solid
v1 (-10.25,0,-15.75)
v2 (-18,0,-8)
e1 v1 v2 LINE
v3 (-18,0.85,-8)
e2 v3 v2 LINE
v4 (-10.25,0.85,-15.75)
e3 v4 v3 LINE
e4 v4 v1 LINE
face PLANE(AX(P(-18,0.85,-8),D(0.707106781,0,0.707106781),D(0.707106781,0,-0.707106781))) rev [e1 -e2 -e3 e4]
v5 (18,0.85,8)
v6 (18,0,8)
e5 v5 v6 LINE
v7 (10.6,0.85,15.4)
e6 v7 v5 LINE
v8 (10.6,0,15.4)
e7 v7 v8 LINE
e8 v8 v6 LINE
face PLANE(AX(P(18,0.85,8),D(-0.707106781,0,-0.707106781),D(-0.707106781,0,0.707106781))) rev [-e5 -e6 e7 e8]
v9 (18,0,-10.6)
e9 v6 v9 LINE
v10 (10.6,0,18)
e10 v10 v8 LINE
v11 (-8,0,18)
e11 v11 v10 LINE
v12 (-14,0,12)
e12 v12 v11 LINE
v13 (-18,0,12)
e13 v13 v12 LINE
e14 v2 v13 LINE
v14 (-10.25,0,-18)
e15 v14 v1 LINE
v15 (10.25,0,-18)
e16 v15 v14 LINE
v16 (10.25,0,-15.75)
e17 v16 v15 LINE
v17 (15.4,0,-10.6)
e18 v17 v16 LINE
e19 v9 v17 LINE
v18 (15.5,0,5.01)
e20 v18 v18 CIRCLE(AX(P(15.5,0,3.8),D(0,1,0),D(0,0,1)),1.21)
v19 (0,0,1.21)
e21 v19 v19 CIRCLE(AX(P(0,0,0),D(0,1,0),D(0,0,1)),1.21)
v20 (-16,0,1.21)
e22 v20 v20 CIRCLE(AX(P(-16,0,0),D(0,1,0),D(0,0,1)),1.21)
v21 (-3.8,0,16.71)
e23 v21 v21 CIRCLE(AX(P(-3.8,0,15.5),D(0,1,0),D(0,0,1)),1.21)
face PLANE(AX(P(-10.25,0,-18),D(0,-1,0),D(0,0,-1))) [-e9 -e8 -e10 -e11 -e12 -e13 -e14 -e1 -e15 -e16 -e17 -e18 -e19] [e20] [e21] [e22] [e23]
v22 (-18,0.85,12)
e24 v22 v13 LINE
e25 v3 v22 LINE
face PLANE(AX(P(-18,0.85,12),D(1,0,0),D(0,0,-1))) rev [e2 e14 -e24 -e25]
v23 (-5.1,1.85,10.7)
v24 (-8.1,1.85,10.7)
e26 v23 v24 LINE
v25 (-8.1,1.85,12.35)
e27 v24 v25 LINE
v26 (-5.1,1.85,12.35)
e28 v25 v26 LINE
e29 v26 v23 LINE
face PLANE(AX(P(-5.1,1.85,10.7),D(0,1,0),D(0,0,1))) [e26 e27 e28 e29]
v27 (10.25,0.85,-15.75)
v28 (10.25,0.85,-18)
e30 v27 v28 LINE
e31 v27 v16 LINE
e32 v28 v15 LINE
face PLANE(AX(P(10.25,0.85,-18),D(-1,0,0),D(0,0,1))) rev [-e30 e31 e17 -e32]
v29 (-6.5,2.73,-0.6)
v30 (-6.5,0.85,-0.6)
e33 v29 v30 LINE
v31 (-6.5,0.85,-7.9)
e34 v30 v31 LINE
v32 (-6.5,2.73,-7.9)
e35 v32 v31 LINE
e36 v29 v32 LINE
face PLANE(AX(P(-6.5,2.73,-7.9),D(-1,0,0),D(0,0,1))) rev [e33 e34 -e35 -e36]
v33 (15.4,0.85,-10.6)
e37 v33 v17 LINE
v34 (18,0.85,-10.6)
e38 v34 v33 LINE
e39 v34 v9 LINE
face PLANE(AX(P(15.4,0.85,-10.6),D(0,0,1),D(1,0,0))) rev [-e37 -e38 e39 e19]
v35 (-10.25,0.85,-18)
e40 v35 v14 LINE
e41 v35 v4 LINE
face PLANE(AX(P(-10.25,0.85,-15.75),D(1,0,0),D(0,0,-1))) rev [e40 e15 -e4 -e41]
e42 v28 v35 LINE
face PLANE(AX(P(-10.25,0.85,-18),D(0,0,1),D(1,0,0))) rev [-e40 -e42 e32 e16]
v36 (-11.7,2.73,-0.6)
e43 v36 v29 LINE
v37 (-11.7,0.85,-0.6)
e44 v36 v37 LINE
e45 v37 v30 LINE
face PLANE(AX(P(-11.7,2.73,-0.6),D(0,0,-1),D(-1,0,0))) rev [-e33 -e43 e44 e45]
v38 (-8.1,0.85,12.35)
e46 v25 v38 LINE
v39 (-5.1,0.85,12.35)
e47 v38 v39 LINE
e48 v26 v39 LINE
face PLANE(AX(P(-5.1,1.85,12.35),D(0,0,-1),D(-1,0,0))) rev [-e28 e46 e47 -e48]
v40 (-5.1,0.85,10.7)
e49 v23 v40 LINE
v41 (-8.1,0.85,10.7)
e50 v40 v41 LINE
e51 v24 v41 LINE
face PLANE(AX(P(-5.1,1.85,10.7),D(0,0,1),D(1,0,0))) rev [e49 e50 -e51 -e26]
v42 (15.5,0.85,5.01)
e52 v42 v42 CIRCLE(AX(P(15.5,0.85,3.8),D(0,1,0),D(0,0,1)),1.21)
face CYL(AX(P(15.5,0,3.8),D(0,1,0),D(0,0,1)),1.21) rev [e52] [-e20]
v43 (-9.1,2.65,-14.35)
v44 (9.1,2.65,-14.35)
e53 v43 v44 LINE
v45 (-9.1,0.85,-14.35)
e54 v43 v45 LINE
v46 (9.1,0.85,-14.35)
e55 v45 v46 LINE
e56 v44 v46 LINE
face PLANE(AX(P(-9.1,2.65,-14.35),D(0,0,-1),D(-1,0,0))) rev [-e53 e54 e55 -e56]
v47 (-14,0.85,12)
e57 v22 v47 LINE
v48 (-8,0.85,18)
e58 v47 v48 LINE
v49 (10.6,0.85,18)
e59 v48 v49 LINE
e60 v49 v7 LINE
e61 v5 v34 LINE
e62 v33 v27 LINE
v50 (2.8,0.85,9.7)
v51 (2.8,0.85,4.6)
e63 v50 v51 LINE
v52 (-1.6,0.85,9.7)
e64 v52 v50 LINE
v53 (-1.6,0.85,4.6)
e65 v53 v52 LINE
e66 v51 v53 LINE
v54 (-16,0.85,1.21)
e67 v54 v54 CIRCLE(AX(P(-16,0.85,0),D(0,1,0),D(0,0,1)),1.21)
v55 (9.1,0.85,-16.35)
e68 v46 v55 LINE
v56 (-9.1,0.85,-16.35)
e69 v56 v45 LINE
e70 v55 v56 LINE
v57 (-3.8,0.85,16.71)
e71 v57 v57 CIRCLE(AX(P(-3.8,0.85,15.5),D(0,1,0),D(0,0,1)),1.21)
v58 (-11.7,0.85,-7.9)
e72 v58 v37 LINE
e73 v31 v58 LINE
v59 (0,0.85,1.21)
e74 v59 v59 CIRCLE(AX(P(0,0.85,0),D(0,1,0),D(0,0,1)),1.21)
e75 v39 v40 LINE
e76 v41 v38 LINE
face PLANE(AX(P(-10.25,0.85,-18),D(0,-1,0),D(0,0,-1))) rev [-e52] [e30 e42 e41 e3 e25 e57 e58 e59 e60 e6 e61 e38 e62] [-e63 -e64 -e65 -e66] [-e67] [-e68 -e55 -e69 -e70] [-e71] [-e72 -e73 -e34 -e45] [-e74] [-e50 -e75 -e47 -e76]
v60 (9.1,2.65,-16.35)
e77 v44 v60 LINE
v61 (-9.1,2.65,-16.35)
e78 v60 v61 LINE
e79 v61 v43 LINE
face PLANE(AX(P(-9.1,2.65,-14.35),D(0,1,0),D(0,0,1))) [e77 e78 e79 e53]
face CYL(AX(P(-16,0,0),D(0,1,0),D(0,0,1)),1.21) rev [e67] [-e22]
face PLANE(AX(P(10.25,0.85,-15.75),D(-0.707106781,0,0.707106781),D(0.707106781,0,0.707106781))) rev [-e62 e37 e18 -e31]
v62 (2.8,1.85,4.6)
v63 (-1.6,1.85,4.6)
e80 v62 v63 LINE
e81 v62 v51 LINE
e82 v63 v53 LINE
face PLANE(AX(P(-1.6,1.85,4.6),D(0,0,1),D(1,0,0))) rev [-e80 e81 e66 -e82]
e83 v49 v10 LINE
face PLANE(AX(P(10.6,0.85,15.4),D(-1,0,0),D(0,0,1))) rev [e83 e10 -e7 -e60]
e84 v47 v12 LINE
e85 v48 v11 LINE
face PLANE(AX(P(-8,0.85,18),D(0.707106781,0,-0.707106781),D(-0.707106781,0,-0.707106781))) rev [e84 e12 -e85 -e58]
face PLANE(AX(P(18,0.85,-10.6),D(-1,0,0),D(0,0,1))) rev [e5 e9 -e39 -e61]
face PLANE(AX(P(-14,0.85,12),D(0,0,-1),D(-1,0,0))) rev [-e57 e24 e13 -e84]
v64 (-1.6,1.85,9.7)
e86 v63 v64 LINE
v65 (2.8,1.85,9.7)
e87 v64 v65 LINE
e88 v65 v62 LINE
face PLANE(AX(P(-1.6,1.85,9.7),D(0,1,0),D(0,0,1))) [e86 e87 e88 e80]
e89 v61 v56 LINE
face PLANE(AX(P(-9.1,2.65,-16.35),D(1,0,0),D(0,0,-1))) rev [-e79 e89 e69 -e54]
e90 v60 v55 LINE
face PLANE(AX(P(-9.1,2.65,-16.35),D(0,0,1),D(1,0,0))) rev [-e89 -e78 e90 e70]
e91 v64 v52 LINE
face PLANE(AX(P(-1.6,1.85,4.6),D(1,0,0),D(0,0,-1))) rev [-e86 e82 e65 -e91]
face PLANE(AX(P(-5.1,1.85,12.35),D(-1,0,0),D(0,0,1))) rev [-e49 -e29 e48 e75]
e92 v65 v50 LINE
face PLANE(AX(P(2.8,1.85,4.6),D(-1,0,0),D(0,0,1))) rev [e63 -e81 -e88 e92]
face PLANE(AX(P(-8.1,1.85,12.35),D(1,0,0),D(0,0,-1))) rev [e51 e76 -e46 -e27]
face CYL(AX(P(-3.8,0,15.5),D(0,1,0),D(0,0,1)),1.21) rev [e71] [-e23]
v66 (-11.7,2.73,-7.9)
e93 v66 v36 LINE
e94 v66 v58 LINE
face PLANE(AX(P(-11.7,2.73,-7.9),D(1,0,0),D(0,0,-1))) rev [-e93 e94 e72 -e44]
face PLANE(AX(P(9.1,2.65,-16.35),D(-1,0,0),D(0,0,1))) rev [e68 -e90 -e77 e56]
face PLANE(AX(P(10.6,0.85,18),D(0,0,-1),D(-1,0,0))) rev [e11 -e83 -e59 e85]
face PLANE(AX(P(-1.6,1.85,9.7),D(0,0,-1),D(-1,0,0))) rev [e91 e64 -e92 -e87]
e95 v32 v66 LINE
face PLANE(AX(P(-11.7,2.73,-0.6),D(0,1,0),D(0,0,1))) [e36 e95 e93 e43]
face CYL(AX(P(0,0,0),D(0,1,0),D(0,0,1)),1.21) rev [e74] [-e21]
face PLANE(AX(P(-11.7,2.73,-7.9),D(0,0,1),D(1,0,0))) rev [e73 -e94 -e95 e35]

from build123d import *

# Parameters (mm, degrees)
BOSS_EXTRUDE1_DEPTH = 0.85
SKETCH2_W           = 18.2
SKETCH2_H           = 2
BOSS_EXTRUDE2_DEPTH = 1.8
SKETCH3_W           = 5.2
SKETCH3_H           = 7.3
BOSS_EXTRUDE3_DEPTH = 1.88
SKETCH4_W           = 4.4
SKETCH4_H           = 5.1
SKETCH4_W_2         = 3
SKETCH4_H_2         = 1.65
BOSS_EXTRUDE4_DEPTH = 1
SKETCH5_R           = 1.21
CUT_EXTRUDE1_DEPTH  = 1.85


with BuildPart() as part:
    # Sketch1 → Boss-Extrude1 (new body)
    with BuildSketch(Plane(origin=(0, 0, 0), x_dir=(1, 0, 0), z_dir=(0, 1, 0))):
        Polygon((-10.25, 18), (10.25, 18), (10.25, 15.75), (15.4, 10.6), (18, 10.6), (18, -8), (10.6, -15.4), (10.6, -18), (-8, -18), (-14, -12), (-18, -12), (-18, 8), (-10.25, 15.75), align=None)
    extrude(amount=BOSS_EXTRUDE1_DEPTH)

    # Sketch2 → Boss-Extrude2 (add)
    with BuildSketch(Plane(origin=(0, 0.85, 0), x_dir=(1, 0, 0), z_dir=(0, 1, 0))):
        with Locations((0, 15.35)):
            Rectangle(SKETCH2_W, SKETCH2_H)
    extrude(amount=BOSS_EXTRUDE2_DEPTH)

    # Sketch3 → Boss-Extrude3 (add)
    with BuildSketch(Plane(origin=(0, 0.85, 0), x_dir=(1, 0, 0), z_dir=(0, 1, 0))):
        with Locations((-9.1, 4.25)):
            Rectangle(SKETCH3_W, SKETCH3_H)
    extrude(amount=BOSS_EXTRUDE3_DEPTH)

    # Sketch4 → Boss-Extrude4 (add)
    with BuildSketch(Plane(origin=(0, 0.85, 0), x_dir=(1, 0, 0), z_dir=(0, 1, 0))):
        with Locations((0.6, -7.15)):
            Rectangle(SKETCH4_W, SKETCH4_H)
        with Locations((-6.6, -11.525)):
            Rectangle(SKETCH4_W_2, SKETCH4_H_2)
    extrude(amount=BOSS_EXTRUDE4_DEPTH)

    # Sketch5 → Cut-Extrude1 (cut, through all)
    with BuildSketch(Plane(origin=(0, 0.85, 0), x_dir=(1, 0, 0), z_dir=(0, 1, 0))):
        Circle(SKETCH5_R)
        with Locations((-16, 0)):
            Circle(SKETCH5_R)
        with Locations((-3.8, -15.5)):
            Circle(SKETCH5_R)
        with Locations((15.5, -3.8)):
            Circle(SKETCH5_R)
    extrude(amount=-CUT_EXTRUDE1_DEPTH, mode=Mode.SUBTRACT)


solid = part.part
